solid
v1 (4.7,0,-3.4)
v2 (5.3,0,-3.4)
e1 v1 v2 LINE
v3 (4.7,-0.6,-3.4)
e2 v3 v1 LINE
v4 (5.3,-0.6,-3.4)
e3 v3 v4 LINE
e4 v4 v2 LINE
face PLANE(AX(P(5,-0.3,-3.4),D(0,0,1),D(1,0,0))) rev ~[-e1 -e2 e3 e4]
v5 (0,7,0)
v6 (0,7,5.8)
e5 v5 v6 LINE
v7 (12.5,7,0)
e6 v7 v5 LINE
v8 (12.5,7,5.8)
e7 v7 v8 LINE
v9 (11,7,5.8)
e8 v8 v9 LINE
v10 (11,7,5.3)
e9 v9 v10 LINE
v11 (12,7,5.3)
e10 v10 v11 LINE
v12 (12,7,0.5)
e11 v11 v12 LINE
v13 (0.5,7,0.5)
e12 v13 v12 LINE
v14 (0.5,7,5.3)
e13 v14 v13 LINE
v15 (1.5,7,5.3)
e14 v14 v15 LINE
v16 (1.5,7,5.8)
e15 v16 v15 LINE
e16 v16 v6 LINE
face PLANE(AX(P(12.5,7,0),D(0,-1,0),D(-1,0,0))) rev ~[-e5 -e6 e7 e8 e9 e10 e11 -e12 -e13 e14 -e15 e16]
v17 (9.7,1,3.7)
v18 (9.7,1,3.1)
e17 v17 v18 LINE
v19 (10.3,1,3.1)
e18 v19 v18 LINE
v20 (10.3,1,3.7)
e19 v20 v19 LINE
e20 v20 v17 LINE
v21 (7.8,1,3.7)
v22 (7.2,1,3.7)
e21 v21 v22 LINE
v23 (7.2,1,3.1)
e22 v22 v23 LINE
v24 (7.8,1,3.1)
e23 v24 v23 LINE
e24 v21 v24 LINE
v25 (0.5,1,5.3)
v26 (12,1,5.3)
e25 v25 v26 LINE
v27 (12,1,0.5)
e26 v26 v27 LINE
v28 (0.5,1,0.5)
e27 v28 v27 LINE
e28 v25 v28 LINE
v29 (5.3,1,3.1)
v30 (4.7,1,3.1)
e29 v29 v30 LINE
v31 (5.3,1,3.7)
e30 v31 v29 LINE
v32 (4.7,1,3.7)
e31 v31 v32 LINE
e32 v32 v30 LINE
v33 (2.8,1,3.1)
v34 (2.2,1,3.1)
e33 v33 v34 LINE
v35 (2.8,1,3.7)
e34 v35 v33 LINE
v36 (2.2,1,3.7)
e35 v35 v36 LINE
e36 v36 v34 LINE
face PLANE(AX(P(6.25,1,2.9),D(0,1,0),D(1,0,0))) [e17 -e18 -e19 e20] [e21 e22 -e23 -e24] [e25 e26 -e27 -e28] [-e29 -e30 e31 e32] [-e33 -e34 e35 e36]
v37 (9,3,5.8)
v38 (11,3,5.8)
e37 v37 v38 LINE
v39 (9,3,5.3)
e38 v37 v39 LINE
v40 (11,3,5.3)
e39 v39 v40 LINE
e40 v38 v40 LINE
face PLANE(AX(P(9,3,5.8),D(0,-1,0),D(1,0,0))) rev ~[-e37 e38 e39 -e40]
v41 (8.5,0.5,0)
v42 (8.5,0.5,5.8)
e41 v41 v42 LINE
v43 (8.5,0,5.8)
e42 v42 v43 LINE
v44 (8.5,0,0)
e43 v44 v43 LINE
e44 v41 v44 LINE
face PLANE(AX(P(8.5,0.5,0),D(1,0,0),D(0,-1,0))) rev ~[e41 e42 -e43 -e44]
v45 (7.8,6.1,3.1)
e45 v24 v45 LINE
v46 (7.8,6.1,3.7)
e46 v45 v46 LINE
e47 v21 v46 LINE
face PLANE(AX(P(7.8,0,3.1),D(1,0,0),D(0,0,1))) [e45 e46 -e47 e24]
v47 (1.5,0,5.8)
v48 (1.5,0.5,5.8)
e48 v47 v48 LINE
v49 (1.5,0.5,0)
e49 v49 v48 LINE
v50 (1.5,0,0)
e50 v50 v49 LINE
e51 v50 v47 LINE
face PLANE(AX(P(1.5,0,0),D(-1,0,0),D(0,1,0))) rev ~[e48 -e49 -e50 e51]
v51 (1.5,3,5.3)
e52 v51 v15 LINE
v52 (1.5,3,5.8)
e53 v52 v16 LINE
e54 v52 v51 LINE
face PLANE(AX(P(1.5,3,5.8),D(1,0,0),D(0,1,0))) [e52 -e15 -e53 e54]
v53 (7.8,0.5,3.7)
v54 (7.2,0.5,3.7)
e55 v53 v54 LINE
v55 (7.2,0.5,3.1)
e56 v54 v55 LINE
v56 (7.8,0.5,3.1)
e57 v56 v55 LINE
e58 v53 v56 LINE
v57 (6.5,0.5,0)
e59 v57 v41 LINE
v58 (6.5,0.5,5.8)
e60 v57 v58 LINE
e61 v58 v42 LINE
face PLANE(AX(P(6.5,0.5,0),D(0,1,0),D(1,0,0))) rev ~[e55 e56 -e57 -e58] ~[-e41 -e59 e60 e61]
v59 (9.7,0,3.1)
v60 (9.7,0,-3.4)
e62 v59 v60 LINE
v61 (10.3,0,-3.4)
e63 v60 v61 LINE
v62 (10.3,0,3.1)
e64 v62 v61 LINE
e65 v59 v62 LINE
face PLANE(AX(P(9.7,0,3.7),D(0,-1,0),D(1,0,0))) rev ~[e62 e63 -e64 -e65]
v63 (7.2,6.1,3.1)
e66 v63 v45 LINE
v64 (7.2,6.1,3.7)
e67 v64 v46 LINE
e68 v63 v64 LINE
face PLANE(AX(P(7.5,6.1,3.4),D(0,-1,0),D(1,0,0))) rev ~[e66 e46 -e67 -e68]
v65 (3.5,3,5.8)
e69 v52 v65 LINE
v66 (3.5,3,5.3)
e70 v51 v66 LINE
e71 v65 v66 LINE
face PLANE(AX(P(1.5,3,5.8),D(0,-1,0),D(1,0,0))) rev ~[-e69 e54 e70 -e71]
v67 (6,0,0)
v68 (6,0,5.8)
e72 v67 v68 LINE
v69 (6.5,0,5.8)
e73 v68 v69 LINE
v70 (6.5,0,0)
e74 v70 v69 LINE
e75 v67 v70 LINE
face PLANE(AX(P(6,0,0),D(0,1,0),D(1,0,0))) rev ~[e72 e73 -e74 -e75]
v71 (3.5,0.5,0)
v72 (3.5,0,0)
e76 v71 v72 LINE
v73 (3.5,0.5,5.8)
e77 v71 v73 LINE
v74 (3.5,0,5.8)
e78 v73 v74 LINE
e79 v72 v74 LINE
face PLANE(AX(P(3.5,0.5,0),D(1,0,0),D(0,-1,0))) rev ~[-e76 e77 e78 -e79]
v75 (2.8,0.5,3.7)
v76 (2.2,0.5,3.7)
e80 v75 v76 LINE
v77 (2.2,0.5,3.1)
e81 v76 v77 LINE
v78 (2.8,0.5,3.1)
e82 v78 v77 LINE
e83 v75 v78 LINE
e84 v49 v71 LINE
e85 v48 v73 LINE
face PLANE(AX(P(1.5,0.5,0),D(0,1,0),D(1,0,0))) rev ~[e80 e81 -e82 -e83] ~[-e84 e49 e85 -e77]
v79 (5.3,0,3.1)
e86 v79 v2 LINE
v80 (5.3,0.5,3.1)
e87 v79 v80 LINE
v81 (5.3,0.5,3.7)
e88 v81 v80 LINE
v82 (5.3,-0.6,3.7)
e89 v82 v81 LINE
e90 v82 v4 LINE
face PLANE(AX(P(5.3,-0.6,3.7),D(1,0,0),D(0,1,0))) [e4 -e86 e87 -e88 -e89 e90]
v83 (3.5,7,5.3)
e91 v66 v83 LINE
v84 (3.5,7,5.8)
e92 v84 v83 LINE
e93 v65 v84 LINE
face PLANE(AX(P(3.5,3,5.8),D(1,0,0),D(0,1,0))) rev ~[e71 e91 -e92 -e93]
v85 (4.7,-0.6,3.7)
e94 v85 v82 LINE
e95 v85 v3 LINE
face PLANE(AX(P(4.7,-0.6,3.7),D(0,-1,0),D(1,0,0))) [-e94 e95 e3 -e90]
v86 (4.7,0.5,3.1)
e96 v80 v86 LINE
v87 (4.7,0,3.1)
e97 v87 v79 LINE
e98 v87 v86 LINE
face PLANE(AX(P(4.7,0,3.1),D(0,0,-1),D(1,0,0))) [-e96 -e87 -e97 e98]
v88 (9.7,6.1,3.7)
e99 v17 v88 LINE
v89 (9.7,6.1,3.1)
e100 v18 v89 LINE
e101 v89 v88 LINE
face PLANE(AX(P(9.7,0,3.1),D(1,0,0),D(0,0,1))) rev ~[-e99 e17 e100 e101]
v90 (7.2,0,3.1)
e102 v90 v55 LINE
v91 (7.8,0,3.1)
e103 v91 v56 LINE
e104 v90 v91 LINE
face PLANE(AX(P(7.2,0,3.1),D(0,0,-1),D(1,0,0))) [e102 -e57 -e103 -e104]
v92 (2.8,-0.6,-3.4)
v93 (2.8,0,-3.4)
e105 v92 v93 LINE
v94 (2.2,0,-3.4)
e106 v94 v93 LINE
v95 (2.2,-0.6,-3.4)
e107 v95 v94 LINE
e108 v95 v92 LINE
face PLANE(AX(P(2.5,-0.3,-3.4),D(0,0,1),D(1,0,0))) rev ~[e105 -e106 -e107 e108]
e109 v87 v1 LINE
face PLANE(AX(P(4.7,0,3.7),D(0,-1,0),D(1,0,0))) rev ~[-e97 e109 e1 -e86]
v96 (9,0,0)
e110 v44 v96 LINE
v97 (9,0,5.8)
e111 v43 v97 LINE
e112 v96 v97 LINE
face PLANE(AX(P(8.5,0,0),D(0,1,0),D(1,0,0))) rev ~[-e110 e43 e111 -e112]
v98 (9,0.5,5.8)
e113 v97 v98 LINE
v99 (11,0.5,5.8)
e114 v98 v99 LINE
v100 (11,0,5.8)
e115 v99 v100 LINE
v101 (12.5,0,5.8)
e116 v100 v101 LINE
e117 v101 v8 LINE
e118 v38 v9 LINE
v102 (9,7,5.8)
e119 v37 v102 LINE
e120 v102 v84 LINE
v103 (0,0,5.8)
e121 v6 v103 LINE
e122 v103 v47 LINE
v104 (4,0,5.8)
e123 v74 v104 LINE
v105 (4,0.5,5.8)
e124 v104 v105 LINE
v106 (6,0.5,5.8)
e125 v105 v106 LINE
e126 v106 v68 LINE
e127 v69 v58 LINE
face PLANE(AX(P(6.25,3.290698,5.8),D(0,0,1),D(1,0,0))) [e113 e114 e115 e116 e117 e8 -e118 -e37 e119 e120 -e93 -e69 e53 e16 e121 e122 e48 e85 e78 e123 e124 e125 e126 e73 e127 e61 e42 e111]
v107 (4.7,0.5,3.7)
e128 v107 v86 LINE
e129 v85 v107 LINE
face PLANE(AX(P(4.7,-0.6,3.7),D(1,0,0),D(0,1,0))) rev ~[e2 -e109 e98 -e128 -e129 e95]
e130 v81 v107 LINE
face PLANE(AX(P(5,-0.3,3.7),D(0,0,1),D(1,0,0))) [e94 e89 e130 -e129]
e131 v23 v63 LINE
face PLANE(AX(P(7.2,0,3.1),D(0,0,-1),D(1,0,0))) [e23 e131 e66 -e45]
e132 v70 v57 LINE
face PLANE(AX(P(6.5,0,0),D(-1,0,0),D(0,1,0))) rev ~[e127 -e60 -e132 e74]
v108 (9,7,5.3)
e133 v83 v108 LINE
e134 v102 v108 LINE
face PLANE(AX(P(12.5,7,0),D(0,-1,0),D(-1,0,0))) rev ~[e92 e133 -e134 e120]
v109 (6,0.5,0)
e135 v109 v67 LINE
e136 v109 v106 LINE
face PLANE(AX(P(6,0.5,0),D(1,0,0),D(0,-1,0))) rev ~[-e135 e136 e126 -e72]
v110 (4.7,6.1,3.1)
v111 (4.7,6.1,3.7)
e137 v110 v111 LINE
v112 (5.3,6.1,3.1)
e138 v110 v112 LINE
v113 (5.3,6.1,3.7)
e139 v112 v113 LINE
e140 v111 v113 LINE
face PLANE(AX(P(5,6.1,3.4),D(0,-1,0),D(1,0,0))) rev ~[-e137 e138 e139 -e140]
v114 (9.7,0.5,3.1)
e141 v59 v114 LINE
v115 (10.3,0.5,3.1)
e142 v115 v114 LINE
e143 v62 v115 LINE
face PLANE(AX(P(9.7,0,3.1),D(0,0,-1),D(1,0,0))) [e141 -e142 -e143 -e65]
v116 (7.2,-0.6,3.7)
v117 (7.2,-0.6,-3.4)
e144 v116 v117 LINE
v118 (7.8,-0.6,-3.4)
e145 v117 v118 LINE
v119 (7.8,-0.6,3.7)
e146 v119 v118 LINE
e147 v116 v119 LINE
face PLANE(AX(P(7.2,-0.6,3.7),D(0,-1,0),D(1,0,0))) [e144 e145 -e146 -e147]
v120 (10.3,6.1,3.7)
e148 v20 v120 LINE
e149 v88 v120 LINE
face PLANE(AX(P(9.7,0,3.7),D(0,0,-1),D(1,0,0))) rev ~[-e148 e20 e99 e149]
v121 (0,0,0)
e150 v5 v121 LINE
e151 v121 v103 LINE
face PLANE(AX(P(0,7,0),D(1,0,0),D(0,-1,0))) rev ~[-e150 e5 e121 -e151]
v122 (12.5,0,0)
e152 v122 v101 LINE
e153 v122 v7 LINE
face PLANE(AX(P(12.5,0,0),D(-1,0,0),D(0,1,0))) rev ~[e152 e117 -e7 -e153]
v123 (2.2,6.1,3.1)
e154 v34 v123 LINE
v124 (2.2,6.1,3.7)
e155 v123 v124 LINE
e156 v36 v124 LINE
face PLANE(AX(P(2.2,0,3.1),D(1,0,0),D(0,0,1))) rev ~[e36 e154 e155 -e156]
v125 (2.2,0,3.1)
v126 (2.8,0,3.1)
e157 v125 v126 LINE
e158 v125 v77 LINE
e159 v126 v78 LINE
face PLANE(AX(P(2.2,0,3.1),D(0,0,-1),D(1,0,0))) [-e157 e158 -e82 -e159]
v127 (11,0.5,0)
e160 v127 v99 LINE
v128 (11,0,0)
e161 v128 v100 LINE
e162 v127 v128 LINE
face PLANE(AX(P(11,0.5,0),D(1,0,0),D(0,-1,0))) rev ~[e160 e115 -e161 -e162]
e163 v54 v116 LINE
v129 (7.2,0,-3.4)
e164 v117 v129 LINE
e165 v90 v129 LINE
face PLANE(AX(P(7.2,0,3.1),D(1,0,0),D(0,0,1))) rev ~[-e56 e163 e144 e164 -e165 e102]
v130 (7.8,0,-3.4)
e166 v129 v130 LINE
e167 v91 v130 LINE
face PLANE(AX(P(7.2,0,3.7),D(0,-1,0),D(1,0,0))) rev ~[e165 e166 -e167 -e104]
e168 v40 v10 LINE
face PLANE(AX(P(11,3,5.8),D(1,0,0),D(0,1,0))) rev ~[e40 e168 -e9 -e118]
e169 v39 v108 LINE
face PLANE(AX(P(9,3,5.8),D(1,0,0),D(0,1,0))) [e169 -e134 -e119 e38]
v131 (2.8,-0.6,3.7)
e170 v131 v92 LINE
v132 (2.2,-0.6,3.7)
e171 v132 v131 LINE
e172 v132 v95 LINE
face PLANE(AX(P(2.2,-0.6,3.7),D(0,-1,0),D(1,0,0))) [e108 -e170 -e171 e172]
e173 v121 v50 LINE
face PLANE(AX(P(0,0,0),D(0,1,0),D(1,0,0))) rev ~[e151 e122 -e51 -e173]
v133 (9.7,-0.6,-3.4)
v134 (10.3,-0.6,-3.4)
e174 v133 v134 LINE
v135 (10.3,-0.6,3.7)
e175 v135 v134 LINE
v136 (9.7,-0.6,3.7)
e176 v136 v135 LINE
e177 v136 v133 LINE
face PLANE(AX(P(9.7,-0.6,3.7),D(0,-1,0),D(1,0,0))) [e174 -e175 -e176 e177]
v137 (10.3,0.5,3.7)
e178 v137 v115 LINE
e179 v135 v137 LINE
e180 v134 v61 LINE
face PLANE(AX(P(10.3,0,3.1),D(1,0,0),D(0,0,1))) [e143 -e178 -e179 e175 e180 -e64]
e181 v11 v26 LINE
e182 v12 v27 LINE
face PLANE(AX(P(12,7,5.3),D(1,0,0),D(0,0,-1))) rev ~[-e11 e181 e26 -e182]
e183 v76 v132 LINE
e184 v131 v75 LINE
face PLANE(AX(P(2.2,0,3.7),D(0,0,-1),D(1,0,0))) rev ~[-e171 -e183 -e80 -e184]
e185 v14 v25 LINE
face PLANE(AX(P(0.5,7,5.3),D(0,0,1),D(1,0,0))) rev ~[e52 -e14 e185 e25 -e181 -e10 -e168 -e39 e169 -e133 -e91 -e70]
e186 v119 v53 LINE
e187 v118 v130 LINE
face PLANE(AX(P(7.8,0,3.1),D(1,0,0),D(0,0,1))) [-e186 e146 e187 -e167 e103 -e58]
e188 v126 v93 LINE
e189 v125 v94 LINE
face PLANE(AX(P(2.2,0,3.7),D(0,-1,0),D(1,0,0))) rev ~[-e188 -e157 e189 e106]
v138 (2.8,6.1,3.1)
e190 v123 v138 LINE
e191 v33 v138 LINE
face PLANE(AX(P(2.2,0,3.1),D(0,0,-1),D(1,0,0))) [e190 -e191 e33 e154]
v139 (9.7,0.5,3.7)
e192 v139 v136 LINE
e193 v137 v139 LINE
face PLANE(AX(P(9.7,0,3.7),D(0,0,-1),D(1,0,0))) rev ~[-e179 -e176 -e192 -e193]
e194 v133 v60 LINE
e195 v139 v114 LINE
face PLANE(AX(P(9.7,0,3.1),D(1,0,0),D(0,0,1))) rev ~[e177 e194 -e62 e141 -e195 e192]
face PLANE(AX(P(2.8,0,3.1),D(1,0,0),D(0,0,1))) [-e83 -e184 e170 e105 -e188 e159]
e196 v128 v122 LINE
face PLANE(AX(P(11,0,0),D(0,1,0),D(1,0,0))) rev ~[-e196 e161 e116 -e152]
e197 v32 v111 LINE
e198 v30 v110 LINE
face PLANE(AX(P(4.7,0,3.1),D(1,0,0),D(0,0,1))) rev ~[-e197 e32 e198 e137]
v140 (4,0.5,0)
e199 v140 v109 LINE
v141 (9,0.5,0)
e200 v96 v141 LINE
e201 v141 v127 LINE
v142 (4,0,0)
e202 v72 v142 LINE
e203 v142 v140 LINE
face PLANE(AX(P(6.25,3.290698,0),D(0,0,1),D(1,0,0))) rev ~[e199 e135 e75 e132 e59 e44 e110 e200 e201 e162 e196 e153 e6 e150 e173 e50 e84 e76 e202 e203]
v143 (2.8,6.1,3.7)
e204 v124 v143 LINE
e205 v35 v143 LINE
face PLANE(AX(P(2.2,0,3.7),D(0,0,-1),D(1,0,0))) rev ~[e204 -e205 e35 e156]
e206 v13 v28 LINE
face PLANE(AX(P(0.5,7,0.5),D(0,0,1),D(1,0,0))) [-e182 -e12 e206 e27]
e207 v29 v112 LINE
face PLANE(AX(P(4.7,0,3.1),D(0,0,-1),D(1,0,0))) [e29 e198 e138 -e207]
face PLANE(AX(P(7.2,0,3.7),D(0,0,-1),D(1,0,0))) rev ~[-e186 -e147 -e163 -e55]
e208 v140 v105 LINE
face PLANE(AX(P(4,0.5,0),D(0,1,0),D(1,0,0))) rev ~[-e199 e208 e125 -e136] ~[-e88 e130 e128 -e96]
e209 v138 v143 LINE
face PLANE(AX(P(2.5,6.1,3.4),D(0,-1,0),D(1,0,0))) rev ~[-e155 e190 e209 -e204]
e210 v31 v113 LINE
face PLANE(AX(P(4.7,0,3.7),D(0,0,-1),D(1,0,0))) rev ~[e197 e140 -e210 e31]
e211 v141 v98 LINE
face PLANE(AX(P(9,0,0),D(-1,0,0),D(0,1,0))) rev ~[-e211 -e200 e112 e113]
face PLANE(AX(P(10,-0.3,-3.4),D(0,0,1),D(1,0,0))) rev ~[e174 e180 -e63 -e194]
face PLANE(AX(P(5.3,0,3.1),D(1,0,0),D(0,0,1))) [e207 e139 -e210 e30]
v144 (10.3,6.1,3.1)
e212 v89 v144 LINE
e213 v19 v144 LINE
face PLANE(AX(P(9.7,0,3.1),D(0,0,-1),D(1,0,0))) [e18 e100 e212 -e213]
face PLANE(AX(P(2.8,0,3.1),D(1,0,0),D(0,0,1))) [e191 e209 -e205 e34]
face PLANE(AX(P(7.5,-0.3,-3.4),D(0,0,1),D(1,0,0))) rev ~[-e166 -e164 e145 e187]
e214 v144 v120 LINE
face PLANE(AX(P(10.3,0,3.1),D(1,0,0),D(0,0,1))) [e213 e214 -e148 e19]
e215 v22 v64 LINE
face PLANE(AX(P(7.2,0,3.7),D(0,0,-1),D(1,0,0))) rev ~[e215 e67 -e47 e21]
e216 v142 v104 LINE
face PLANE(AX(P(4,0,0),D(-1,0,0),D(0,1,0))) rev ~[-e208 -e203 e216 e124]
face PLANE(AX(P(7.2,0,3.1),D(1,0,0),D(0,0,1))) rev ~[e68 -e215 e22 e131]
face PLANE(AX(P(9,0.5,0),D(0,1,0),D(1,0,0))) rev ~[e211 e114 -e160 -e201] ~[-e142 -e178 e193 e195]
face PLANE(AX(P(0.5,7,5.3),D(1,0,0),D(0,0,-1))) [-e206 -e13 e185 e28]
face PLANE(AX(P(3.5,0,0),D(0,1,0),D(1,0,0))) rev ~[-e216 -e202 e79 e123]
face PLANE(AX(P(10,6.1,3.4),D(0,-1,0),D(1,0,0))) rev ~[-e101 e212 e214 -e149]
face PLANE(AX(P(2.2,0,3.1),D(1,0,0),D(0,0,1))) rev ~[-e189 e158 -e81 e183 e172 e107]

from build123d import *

# Parameters (mm, degrees)
EXTRUDE_1_DEPTH     = 5.8
SKETCH_2_W          = 11.5
SKETCH_2_H          = 4.8
CUT_EXTRUDE_1_DEPTH = 6
SKETCH_3_W          = 0.6
SKETCH_3_H          = 0.6
EXTRUDE_2_DEPTH     = 6.1
SKETCH_4_W          = 0.6
SKETCH_4_H          = 0.6
EXTRUDE_3_DEPTH     = 7.1
SKETCH_5_W          = 2
SKETCH_5_H          = 4
CUT_EXTRUDE_2_DEPTH = 1


with BuildPart() as part:
    # 草图1 → 凸台-拉伸1 (new body)
    with BuildSketch(Plane.XY):
        Polygon((4, 0), (4, 0.5), (6, 0.5), (6, 0), (6.5, 0), (6.5, 0.5), (8.5, 0.5), (8.5, 0), (9, 0), (9, 0.5), (11, 0.5), (11, 0), (12.5, 0), (12.5, 7), (0, 7), (0, 0), (1.5, 0), (1.5, 0.5), (3.5, 0.5), (3.5, 0), align=None)
    extrude(amount=EXTRUDE_1_DEPTH)

    # 草图2 → 切除-拉伸1 (cut)
    with BuildSketch(Plane(origin=(0, 7, 0), x_dir=(1, 0, 0), z_dir=(0, 1, 0))):
        with Locations((6.25, -2.9)):
            Rectangle(SKETCH_2_W, SKETCH_2_H)
    extrude(amount=-CUT_EXTRUDE_1_DEPTH, mode=Mode.SUBTRACT)

    # 草图3 → 凸台-拉伸2 (add)
    with BuildSketch(Plane.XZ):
        with Locations((5, 3.4)):
            Rectangle(SKETCH_3_W, SKETCH_3_H)
        with Locations((7.5, 3.4)):
            Rectangle(SKETCH_3_W, SKETCH_3_H)
        with Locations((2.5, 3.4)):
            Rectangle(SKETCH_3_W, SKETCH_3_H)
        with Locations((10, 3.4)):
            Rectangle(SKETCH_3_W, SKETCH_3_H)
    extrude(amount=-EXTRUDE_2_DEPTH)

    # 草图4 → 凸台-拉伸3 (add)
    with BuildSketch(Plane.XY.offset(3.7)):
        with Locations((5, -0.3)):
            Rectangle(SKETCH_4_W, SKETCH_4_H)
        with Locations((7.5, -0.3)):
            Rectangle(SKETCH_4_W, SKETCH_4_H)
        with Locations((2.5, -0.3)):
            Rectangle(SKETCH_4_W, SKETCH_4_H)
        with Locations((10, -0.3)):
            Rectangle(SKETCH_4_W, SKETCH_4_H)
    extrude(amount=-EXTRUDE_3_DEPTH)

    # 草图5 → 切除-拉伸2 (cut)
    with BuildSketch(Plane.XY.offset(5.8)):
        with Locations((2.5, 5)):
            Rectangle(SKETCH_5_W, SKETCH_5_H)
        with Locations((10, 5)):
            Rectangle(SKETCH_5_W, SKETCH_5_H)
    extrude(amount=-CUT_EXTRUDE_2_DEPTH, mode=Mode.SUBTRACT)


solid = part.part
